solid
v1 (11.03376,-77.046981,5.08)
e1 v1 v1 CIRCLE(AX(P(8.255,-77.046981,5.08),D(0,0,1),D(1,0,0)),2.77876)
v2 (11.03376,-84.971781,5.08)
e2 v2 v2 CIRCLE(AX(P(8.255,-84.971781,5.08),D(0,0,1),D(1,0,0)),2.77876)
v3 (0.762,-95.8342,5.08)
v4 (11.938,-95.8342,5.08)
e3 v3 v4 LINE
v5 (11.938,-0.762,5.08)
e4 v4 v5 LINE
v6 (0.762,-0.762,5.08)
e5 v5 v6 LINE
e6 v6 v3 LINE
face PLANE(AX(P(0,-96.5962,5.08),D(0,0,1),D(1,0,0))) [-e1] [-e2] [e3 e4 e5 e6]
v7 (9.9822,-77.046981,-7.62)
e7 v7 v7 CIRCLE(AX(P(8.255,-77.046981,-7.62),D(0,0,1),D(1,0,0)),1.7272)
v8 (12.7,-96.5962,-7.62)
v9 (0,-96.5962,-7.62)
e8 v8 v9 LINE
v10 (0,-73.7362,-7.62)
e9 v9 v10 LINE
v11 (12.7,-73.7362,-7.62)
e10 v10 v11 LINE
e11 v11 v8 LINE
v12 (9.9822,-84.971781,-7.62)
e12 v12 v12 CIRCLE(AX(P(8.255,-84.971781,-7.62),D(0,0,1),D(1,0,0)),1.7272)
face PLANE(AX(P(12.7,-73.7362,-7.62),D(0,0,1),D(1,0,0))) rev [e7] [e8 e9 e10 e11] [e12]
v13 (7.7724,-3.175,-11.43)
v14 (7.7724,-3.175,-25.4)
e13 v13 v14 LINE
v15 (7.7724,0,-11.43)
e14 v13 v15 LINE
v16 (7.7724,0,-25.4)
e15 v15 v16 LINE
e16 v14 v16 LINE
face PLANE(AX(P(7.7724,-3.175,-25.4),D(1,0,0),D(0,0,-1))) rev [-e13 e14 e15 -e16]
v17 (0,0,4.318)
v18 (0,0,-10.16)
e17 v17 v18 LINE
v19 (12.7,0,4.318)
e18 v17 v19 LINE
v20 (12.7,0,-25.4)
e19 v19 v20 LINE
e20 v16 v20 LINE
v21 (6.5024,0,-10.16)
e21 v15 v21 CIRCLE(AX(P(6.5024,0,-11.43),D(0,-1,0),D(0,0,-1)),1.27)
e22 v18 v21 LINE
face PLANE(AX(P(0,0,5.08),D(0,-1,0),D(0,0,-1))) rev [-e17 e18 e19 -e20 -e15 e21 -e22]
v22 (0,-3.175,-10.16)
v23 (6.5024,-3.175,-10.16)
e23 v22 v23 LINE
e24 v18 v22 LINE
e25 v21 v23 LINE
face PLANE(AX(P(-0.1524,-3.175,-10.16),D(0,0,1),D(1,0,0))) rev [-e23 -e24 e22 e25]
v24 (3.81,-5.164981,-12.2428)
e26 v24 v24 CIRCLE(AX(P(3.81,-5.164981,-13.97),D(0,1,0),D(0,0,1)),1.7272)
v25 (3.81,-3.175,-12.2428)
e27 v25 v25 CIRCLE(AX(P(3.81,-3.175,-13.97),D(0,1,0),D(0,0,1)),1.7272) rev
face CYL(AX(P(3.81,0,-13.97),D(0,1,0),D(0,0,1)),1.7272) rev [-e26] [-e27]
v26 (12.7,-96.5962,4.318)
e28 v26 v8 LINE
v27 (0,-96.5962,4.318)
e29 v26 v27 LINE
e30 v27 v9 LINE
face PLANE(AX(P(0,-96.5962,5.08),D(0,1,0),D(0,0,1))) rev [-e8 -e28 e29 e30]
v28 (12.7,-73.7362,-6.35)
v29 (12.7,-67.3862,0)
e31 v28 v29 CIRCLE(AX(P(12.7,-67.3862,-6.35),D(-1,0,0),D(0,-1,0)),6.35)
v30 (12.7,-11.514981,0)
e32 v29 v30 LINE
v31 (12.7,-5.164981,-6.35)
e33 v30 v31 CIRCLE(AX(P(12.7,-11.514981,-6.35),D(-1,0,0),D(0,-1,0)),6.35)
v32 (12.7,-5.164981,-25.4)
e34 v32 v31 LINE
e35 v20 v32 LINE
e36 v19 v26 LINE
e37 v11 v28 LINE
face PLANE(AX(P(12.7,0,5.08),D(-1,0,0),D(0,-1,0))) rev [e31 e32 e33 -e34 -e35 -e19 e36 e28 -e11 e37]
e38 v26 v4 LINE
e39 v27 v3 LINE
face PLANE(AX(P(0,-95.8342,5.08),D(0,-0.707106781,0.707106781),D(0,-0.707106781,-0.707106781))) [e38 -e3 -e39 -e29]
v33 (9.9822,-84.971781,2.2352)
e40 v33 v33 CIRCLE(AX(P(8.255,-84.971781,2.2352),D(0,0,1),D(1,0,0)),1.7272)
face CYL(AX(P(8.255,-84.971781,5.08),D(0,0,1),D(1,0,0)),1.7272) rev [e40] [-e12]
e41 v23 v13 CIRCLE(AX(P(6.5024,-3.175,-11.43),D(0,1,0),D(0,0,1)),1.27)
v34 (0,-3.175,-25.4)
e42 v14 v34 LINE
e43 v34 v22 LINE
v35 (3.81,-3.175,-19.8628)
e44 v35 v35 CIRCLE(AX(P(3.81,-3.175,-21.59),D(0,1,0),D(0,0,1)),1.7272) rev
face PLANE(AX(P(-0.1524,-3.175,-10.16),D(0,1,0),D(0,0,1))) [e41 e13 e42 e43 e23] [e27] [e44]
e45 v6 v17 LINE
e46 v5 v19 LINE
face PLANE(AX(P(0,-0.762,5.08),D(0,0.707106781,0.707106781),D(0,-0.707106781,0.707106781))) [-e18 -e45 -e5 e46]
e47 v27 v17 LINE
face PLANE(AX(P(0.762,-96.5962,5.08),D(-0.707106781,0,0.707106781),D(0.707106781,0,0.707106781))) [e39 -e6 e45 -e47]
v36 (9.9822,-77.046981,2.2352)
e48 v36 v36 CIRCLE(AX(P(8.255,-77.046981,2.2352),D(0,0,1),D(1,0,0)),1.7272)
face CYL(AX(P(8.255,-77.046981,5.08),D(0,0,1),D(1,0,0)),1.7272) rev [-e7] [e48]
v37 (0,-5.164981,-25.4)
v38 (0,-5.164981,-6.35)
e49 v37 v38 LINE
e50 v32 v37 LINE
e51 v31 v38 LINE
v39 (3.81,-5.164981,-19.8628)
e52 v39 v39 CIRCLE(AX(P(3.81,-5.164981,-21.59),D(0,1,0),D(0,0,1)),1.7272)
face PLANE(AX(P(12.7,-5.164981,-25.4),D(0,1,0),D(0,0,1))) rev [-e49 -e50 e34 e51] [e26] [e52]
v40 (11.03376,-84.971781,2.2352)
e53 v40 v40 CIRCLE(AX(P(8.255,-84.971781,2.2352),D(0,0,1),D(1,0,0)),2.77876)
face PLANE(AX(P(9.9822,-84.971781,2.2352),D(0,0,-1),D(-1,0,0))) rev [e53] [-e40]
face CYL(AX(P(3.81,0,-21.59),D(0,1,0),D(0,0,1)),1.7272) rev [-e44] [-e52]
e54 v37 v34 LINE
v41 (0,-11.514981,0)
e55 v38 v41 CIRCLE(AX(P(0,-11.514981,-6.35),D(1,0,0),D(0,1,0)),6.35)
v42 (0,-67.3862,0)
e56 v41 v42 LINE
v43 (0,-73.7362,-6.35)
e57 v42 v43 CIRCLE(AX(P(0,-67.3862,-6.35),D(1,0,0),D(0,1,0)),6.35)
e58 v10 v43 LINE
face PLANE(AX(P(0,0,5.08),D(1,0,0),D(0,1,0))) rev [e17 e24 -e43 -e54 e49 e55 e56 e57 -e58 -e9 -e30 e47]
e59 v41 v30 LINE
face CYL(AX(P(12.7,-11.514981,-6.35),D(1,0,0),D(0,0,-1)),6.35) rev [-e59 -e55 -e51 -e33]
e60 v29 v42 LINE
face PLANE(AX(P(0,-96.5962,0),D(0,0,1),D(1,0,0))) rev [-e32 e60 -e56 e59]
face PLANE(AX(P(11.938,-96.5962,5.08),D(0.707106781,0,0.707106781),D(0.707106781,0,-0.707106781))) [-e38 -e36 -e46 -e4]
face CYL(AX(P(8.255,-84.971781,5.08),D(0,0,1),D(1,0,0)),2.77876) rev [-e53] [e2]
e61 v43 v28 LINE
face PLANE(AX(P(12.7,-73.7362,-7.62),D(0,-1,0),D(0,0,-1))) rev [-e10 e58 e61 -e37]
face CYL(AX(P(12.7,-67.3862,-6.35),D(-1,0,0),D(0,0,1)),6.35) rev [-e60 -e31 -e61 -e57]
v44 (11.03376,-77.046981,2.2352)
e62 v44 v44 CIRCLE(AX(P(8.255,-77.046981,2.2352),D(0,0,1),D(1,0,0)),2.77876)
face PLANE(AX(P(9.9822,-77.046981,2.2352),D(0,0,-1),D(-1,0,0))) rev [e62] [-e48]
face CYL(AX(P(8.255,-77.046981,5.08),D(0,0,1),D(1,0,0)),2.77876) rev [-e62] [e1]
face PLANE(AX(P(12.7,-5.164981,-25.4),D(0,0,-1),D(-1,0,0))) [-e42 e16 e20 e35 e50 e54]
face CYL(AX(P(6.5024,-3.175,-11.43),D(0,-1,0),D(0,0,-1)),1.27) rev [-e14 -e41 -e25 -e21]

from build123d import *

# Parameters (mm, degrees)
SKETCH1_W                                      = 12.7
SKETCH1_H                                      = 96.5962
EXTRUDE1_DEPTH                                 = 5.08
SKETCH2_W                                      = 12.7
SKETCH2_H                                      = 5.16498089
EXTRUDE2_DEPTH                                 = 25.4
F_4_CLEARANCE_HOLE1_D                          = 3.4544
SKETCH6_W                                      = 12.7
SKETCH6_H                                      = 22.86
EXTRUDE4_DEPTH                                 = 7.62
SKETCH7_W                                      = 7.9248
SKETCH7_H                                      = 15.24
EXTRUDE5_DEPTH                                 = 3.175
FILLET1_R                                      = 1.27
FILLET3_R                                      = 6.35
CHAMFER1_SIZE                                  = 0.762
CBORE_FOR_4_SOCKET_HEAD_CAP_SCREW1_D           = 3.4544
CBORE_FOR_4_SOCKET_HEAD_CAP_SCREW1_CBORE_D     = 5.55752
CBORE_FOR_4_SOCKET_HEAD_CAP_SCREW1_CBORE_DEPTH = 2.8448


with BuildPart() as part:
    # Sketch1 → Extrude1 (new body)
    with BuildSketch(Plane.XY):
        with Locations((6.35, -48.2981)):
            Rectangle(SKETCH1_W, SKETCH1_H)
    extrude(amount=EXTRUDE1_DEPTH)

    # Sketch2 → Extrude2 (add)
    with BuildSketch(Plane(origin=(0, 0, 0), x_dir=(-1, 0, 0), z_dir=(0, 0, -1))):
        with Locations((-6.35, -2.582490445)):
            Rectangle(SKETCH2_W, SKETCH2_H)
    extrude(amount=EXTRUDE2_DEPTH)

    # #4 Clearance Hole1 (through all)
    with Locations(Plane(origin=(0, 0, 0), x_dir=(-1, 0, 0), z_dir=(0, 1, 0))):
        with Locations((-3.81, -21.59), (-3.81, -13.97)):
            Hole(F_4_CLEARANCE_HOLE1_D / 2)

    # Sketch6 → Extrude4 (add)
    with BuildSketch(Plane(origin=(0, 0, 0), x_dir=(-1, 0, 0), z_dir=(0, 0, -1))):
        with Locations((-6.35, -85.1662)):
            Rectangle(SKETCH6_W, SKETCH6_H)
    extrude(amount=EXTRUDE4_DEPTH)

    # Sketch7 → Extrude5 (cut)
    with BuildSketch(Plane(origin=(0, 0, 0), x_dir=(1, 0, 0), z_dir=(0, 1, 0))):
        with Locations((3.81, 17.78)):
            Rectangle(SKETCH7_W, SKETCH7_H)
    extrude(amount=-EXTRUDE5_DEPTH, mode=Mode.SUBTRACT)

    # Fillet1
    fillet1_edges = [part.edges().sort_by_distance(p)[0] for p in [
        (7.7724, -1.5875, -10.16),
    ]]
    fillet(fillet1_edges, radius=FILLET1_R)

    # Fillet3
    fillet3_edges = [part.edges().sort_by_distance(p)[0] for p in [
        (6.35, -5.16498089, 0),
        (6.35, -73.7362, 0),
    ]]
    fillet(fillet3_edges, radius=FILLET3_R)

    # Chamfer1
    chamfer1_edges = [part.edges().sort_by_distance(p)[0] for p in [
        (12.7, -48.2981, 5.08),
        (6.35, 0, 5.08),
        (0, -48.2981, 5.08),
        (6.35, -96.5962, 5.08),
    ]]
    chamfer(chamfer1_edges, length=CHAMFER1_SIZE)

    # CBORE for #4 Socket Head Cap Screw1 (through all)
    with Locations(Plane.XY.offset(5.08)):
        with Locations((8.255, -84.97178089), (8.255, -77.04698089)):
            CounterBoreHole(CBORE_FOR_4_SOCKET_HEAD_CAP_SCREW1_D / 2, CBORE_FOR_4_SOCKET_HEAD_CAP_SCREW1_CBORE_D / 2, CBORE_FOR_4_SOCKET_HEAD_CAP_SCREW1_CBORE_DEPTH)


solid = part.part
